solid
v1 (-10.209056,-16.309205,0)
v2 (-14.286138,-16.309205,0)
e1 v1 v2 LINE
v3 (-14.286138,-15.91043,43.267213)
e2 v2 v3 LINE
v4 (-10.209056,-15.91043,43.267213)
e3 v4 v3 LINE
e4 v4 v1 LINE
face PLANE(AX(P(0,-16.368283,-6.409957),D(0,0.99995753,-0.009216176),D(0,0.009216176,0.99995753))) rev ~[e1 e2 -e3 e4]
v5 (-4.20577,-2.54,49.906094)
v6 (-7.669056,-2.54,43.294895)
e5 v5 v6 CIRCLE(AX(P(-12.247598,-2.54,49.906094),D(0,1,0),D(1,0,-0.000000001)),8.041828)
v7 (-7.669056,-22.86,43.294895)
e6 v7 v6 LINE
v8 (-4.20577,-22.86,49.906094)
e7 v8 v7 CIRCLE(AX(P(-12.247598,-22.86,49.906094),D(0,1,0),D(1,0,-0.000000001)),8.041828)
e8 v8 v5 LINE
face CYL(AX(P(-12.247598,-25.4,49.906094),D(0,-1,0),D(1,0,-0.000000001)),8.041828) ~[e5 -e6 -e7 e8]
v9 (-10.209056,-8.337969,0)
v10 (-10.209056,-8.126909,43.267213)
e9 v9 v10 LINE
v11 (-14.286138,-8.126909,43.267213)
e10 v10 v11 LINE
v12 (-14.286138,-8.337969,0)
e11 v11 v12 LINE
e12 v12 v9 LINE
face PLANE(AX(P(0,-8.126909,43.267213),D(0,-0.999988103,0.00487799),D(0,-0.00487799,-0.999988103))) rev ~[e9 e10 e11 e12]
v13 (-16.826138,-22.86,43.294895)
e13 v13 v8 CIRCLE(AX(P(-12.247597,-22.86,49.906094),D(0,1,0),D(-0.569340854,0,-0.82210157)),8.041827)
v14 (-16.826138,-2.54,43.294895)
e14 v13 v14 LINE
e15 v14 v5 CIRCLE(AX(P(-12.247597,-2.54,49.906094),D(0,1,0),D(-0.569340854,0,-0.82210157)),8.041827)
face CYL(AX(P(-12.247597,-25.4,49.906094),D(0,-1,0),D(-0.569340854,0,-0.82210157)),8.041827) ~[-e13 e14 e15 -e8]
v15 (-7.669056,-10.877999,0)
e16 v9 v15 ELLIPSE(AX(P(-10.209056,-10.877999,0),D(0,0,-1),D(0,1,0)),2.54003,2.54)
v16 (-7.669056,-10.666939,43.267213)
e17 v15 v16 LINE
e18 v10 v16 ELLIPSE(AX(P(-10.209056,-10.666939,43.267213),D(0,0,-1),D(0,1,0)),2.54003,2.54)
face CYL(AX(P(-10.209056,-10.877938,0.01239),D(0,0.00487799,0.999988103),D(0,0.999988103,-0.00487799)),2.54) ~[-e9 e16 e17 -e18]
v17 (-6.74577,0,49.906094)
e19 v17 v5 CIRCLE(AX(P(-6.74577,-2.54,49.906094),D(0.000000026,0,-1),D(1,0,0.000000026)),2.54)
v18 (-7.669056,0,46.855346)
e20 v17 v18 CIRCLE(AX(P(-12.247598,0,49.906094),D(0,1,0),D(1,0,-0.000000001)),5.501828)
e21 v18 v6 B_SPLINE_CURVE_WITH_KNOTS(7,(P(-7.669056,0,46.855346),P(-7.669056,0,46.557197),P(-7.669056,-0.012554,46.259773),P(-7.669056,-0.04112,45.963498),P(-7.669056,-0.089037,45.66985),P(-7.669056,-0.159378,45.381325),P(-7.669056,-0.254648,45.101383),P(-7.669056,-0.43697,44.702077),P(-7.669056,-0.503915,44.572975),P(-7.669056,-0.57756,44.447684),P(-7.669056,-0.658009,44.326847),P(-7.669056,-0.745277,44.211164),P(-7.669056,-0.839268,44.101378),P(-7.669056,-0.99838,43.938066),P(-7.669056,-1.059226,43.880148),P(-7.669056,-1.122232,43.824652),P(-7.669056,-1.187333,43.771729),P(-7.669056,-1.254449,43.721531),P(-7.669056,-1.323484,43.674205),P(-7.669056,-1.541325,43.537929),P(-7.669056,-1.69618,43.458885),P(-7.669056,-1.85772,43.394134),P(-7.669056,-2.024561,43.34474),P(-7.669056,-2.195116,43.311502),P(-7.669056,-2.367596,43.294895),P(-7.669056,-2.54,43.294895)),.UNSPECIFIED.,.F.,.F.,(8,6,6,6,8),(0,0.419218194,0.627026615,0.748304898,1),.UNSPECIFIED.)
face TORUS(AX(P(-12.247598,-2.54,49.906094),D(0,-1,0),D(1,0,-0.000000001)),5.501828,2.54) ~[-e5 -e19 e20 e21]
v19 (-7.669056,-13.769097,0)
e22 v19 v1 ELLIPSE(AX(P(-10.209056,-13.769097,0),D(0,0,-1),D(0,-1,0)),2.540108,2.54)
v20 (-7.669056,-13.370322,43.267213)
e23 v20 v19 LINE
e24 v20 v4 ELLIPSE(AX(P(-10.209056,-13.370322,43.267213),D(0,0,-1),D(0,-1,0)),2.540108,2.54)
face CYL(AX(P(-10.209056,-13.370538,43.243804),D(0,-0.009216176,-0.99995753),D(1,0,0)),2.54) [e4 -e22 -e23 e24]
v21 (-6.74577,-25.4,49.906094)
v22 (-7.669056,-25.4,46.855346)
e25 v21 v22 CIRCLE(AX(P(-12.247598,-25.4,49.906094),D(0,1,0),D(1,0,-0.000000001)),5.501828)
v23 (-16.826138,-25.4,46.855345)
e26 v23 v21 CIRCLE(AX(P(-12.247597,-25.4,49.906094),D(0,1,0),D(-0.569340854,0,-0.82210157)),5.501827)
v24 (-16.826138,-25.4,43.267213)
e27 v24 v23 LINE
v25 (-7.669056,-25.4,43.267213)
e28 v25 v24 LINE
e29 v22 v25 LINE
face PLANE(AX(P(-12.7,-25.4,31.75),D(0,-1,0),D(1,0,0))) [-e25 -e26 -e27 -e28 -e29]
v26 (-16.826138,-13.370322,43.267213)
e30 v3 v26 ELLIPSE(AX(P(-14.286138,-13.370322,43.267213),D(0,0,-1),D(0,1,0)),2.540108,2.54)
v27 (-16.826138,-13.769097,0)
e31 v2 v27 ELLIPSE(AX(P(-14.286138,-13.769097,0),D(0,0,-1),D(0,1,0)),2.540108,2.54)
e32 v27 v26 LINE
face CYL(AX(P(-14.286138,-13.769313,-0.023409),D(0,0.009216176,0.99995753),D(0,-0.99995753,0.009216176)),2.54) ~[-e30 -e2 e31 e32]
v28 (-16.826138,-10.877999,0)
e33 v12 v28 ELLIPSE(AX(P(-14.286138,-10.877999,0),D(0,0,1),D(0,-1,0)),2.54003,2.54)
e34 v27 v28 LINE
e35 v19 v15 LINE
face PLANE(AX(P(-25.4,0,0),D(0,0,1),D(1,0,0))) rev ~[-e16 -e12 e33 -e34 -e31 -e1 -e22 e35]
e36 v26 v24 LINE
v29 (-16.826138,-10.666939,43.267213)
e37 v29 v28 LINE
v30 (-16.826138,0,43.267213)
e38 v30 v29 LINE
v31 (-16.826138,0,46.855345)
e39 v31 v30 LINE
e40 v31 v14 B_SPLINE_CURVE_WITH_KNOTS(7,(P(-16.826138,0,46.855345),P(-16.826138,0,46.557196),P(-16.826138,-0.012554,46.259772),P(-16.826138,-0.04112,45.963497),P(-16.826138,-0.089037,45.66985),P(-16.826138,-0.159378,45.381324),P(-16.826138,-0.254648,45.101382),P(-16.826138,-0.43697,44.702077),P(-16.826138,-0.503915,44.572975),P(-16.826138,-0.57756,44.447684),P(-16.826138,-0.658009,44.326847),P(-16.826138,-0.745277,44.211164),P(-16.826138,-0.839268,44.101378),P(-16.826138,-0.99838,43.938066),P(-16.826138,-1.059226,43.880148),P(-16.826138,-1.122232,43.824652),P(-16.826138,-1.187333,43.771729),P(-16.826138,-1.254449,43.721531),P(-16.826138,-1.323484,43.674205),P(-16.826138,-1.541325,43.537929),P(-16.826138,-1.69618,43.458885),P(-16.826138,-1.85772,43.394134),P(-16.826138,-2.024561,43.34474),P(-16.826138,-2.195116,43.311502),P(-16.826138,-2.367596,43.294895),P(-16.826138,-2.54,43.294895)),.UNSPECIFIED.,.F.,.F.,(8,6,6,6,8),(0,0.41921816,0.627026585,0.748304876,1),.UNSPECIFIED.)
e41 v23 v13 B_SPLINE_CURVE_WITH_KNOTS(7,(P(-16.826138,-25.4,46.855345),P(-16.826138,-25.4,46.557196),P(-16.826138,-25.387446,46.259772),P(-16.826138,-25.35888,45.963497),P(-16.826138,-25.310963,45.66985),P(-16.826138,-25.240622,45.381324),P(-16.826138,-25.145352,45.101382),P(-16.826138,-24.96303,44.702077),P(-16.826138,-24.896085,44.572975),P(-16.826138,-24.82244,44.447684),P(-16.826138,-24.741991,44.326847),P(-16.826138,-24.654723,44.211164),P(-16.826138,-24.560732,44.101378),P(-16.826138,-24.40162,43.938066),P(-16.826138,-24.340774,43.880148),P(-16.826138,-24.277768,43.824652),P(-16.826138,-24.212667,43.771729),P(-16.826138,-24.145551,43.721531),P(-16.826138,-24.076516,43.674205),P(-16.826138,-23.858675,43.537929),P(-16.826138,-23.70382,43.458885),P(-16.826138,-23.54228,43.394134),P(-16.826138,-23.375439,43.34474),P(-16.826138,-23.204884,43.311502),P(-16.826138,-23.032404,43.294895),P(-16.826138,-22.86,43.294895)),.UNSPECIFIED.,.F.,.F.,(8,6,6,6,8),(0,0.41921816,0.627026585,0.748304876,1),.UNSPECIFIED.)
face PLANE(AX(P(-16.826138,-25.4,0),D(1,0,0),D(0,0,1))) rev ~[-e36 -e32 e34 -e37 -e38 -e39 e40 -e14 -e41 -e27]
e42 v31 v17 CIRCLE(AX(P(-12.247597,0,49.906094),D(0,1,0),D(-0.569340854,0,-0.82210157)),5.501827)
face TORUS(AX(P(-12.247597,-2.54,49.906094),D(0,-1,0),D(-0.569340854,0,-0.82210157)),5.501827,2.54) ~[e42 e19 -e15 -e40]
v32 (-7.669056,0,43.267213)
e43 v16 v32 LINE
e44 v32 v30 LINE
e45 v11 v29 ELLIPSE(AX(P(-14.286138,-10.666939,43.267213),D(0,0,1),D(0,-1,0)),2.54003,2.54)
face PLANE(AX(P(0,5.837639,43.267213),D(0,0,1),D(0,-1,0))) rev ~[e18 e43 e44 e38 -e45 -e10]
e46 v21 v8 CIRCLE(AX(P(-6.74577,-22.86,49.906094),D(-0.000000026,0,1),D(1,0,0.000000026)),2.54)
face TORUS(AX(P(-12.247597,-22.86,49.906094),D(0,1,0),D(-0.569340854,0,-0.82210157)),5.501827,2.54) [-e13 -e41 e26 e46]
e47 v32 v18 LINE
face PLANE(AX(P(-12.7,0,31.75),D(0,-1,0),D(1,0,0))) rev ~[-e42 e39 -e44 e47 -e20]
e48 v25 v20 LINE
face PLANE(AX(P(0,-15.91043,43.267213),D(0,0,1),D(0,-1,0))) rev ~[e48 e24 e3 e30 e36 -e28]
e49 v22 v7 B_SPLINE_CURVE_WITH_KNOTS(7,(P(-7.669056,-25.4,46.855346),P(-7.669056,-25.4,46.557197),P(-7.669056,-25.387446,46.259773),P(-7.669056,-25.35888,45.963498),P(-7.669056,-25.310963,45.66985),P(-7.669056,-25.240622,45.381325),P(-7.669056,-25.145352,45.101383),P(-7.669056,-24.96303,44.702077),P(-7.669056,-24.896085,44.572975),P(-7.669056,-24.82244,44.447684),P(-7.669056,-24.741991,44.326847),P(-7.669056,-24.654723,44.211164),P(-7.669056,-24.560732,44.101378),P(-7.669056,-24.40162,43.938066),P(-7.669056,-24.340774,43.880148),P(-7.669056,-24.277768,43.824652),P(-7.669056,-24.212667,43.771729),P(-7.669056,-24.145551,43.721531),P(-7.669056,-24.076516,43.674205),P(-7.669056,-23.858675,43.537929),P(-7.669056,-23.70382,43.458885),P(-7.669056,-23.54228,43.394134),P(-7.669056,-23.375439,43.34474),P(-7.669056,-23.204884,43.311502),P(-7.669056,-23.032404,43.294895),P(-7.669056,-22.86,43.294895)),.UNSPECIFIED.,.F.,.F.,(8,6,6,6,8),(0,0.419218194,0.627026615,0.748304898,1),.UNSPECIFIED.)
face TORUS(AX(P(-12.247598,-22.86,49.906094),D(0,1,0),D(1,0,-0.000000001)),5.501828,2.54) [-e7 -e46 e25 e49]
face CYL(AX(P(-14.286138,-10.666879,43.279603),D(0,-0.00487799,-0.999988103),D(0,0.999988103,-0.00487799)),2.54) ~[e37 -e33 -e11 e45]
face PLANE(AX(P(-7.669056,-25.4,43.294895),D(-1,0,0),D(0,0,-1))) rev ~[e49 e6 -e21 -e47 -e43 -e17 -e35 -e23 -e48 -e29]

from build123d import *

# Parameters (mm, degrees)
F0_W     = 25.4
F0_H     = 63.5
F1_DEPTH = 25.4
F3_DEPTH = 25.4
F5_DEPTH = 25.4
F7_DEPTH = 25.4
F8_R     = 2.54


with BuildPart() as f1:
    # F0 (on Front) → F1 (new body)
    with BuildSketch(Plane.XZ):
        with Locations((-12.7, 31.75)):
            Rectangle(F0_W, F0_H)
    extrude(amount=F1_DEPTH)

    # F2 (on face) → F3 (cut)
    with BuildSketch(Plane.XZ.offset(25.4)):
        with BuildLine():
            Line((-16.826138, 0), (-16.826138, 43.294895))
            ThreePointArc((-16.826138, 43.294895), (-15.979296, 57.029675), (-4.20577, 49.906094))
            ThreePointArc((-4.20577, 49.906094), (-5.124016, 46.174395), (-7.669056, 43.294895))
            Line((-7.669056, 43.294895), (-7.669056, 0))
            Line((-7.669056, 0), (0, 0))
            Line((0, 0), (0, 63.5))
            Line((0, 63.5), (-25.4, 63.5))
            Line((-25.4, 63.5), (-25.4, 0))
            Line((-25.4, 0), (-16.826138, 0))
        make_face()
    extrude(amount=-F3_DEPTH, mode=Mode.SUBTRACT)

    # F4 (on Right) → F5 (cut)
    with BuildSketch(Plane.YZ):
        Polygon((5.837639, 43.267213), (-8.126909, 43.267213), (-8.355836, -3.662833), (5.837639, -3.662833), align=None)
    extrude(amount=-F5_DEPTH, mode=Mode.SUBTRACT)

    # F6 (on Right) → F7 (cut)
    with BuildSketch(Plane.YZ):
        Polygon((-16.368283, -6.409957), (-15.91043, 43.267213), (-32.622103, 43.267213), (-32.622103, -6.409957), align=None)
    extrude(amount=-F7_DEPTH, mode=Mode.SUBTRACT)

    # F8
    f8_edges = [f1.edges().sort_by_distance(p)[0] for p in [
        (-16.826138, -8.232439, 21.633606),
        (-16.826138, -16.109818, 21.633606),
        (-7.669056, -16.109818, 21.633606),
        (-7.669056, -8.232439, 21.633606),
        (-15.979296, -25.4, 57.029675),
        (-15.979296, 0, 57.029675),
    ]]
    fillet(f8_edges, radius=F8_R)


solid = f1.part
